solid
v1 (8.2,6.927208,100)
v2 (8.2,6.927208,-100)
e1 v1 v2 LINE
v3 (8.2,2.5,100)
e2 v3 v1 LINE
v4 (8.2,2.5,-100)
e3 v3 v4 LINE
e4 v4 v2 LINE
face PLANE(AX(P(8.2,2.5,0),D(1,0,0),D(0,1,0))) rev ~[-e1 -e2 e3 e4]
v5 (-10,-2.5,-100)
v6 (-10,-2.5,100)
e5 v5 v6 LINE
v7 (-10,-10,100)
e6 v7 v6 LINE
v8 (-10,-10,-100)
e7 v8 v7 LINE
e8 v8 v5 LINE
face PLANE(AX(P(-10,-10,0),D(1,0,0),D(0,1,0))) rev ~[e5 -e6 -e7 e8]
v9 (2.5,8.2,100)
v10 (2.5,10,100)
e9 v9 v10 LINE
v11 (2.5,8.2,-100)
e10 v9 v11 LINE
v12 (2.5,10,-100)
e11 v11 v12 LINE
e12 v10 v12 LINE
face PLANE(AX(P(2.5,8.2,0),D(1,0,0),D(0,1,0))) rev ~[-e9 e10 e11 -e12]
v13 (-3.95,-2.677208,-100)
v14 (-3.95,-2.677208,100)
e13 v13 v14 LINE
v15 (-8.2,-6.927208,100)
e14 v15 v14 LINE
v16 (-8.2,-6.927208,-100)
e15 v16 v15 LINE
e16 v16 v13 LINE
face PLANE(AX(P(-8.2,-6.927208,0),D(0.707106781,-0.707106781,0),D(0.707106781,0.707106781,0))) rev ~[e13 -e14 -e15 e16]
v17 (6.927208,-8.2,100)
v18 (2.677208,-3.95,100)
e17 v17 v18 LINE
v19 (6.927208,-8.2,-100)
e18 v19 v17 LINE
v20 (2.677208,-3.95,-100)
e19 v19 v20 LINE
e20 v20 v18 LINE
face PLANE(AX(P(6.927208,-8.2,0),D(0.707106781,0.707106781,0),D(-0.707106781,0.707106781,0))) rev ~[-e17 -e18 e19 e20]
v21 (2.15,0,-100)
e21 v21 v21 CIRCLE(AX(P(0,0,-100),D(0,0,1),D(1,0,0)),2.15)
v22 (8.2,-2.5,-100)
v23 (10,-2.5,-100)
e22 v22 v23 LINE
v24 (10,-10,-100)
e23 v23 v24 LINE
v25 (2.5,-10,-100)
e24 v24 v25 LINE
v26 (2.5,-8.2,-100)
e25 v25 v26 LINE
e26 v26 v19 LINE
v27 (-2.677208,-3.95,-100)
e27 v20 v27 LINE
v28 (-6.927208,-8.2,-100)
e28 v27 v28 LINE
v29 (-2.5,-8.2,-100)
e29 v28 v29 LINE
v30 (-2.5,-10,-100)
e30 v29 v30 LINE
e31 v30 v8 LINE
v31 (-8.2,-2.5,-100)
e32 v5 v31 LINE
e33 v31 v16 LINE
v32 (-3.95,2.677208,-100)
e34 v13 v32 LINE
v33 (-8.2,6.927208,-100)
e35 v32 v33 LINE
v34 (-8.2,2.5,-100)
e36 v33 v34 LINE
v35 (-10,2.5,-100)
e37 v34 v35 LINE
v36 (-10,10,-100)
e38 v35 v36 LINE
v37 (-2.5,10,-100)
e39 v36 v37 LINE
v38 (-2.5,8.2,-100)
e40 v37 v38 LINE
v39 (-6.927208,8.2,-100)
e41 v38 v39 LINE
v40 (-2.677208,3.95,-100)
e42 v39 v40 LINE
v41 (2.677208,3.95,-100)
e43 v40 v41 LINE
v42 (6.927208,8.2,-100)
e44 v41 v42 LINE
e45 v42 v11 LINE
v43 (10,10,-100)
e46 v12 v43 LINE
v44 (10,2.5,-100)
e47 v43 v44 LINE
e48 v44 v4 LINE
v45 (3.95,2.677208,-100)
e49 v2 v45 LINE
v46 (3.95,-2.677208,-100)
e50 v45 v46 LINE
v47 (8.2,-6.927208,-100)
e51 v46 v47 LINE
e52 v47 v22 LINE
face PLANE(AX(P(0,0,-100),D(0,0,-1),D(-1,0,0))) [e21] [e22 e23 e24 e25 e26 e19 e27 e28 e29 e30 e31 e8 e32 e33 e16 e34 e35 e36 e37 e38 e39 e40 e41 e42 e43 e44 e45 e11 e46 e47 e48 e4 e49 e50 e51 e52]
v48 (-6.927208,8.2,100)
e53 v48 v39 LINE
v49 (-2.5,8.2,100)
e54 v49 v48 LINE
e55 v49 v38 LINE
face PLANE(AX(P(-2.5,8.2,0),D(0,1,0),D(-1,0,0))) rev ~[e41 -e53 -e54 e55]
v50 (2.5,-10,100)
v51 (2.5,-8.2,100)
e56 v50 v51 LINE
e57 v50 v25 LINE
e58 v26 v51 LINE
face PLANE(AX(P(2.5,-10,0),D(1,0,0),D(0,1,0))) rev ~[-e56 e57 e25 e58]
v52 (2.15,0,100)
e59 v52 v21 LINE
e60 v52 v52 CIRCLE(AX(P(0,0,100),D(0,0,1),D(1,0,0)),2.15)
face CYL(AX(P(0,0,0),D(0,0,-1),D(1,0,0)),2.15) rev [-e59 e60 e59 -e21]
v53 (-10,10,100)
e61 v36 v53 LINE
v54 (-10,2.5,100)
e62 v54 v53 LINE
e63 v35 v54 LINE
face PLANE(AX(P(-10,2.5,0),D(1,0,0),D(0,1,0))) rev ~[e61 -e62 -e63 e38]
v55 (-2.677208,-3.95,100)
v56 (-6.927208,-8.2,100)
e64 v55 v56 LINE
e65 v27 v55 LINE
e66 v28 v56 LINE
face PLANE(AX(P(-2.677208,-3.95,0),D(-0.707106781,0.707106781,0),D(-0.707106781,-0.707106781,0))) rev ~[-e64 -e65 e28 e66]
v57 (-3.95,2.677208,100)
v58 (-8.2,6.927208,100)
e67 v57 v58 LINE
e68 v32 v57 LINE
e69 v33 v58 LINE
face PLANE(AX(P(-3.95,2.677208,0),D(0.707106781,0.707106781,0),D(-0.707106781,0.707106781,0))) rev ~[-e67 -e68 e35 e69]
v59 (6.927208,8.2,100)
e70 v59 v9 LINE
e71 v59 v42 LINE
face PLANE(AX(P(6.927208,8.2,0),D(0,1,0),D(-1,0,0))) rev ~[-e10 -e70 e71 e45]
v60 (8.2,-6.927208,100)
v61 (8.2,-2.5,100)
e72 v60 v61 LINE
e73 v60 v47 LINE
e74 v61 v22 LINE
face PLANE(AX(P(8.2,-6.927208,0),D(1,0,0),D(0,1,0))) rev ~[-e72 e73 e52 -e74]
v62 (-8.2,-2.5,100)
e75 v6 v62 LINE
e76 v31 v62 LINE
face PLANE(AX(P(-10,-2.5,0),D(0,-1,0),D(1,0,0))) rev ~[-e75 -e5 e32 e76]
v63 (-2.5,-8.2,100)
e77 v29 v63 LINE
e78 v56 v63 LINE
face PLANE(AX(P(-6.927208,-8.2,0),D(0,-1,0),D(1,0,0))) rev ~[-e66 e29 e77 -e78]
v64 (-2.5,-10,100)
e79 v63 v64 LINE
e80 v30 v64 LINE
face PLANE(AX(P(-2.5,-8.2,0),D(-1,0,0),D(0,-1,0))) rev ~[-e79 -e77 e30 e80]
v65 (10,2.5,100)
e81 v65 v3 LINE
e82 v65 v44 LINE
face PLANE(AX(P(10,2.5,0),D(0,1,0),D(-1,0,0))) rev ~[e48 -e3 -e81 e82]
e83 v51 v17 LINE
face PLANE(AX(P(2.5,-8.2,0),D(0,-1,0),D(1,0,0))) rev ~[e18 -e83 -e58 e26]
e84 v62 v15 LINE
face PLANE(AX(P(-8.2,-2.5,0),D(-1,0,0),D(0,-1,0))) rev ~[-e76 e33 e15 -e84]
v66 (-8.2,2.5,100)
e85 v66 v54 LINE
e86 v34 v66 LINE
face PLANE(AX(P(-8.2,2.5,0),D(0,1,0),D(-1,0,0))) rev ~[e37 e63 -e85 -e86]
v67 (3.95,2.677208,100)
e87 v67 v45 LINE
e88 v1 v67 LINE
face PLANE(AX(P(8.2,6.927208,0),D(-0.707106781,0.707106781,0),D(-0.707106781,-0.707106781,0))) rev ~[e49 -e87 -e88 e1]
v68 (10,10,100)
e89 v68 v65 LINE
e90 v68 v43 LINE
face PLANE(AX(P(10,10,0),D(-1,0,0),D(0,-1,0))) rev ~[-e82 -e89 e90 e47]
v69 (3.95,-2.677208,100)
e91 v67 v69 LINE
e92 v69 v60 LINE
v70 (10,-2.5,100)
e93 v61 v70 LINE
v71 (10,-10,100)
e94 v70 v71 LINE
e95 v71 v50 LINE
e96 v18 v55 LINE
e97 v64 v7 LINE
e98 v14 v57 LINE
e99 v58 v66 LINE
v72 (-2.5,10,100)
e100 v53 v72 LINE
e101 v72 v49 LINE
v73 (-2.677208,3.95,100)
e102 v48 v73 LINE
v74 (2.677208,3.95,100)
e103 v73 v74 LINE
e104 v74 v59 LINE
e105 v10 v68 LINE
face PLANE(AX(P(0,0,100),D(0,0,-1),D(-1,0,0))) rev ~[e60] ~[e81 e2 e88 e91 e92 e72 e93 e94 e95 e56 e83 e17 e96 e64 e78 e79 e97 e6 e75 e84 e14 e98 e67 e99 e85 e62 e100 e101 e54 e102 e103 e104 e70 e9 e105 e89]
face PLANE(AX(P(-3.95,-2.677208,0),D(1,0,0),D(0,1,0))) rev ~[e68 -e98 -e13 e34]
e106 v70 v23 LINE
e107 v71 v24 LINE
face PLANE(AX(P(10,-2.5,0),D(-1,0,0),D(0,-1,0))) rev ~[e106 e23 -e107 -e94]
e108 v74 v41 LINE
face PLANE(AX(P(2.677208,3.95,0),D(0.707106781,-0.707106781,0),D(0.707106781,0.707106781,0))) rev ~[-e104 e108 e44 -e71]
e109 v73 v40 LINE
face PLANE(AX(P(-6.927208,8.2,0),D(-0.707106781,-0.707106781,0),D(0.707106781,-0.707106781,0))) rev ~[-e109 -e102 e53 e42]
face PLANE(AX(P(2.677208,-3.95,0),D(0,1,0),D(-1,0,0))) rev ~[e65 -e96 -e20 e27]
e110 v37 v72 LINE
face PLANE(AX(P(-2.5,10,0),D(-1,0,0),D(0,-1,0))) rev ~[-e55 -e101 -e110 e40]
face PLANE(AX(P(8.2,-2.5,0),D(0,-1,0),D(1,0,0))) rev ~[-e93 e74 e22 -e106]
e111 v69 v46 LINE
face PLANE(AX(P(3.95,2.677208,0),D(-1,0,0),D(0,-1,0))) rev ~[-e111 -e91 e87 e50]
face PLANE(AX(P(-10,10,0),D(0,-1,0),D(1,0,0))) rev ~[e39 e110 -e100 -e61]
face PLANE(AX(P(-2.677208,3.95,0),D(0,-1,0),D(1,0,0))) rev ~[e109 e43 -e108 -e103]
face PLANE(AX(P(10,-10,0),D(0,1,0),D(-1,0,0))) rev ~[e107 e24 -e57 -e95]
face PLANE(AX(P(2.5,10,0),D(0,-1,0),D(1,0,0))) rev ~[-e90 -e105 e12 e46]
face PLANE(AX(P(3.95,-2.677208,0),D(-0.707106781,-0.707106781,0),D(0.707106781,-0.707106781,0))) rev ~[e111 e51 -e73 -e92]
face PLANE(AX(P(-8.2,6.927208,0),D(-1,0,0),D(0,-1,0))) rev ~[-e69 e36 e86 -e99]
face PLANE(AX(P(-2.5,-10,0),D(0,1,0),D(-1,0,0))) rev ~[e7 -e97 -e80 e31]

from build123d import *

# Parameters (mm, degrees)
SKETCH2_R           = 2.15
BOSS_EXTRUDE1_DEPTH = 100


with BuildPart() as part:
    # Sketch2 → Boss-Extrude1 (new body, symmetric)
    with BuildSketch(Plane.XY):
        Polygon((-2.5, 10), (-2.5, 8.2), (-6.927207794, 8.2), (-2.677207794, 3.95), (2.677207794, 3.95), (6.927207794, 8.2), (2.5, 8.2), (2.5, 10), (10, 10), (10, 2.5), (8.2, 2.5), (8.2, 6.927207794), (3.95, 2.677207794), (3.95, -2.677207794), (8.2, -6.927207794), (8.2, -2.5), (10, -2.5), (10, -10), (2.5, -10), (2.5, -8.2), (6.927207794, -8.2), (2.677207794, -3.95), (-2.677207794, -3.95), (-6.927207794, -8.2), (-2.5, -8.2), (-2.5, -10), (-10, -10), (-10, -2.5), (-8.2, -2.5), (-8.2, -6.927207794), (-3.95, -2.677207794), (-3.95, 2.677207794), (-8.2, 6.927207794), (-8.2, 2.5), (-10, 2.5), (-10, 10), align=None)
        Circle(SKETCH2_R, mode=Mode.SUBTRACT)
    extrude(amount=BOSS_EXTRUDE1_DEPTH, both=True)


solid = part.part
